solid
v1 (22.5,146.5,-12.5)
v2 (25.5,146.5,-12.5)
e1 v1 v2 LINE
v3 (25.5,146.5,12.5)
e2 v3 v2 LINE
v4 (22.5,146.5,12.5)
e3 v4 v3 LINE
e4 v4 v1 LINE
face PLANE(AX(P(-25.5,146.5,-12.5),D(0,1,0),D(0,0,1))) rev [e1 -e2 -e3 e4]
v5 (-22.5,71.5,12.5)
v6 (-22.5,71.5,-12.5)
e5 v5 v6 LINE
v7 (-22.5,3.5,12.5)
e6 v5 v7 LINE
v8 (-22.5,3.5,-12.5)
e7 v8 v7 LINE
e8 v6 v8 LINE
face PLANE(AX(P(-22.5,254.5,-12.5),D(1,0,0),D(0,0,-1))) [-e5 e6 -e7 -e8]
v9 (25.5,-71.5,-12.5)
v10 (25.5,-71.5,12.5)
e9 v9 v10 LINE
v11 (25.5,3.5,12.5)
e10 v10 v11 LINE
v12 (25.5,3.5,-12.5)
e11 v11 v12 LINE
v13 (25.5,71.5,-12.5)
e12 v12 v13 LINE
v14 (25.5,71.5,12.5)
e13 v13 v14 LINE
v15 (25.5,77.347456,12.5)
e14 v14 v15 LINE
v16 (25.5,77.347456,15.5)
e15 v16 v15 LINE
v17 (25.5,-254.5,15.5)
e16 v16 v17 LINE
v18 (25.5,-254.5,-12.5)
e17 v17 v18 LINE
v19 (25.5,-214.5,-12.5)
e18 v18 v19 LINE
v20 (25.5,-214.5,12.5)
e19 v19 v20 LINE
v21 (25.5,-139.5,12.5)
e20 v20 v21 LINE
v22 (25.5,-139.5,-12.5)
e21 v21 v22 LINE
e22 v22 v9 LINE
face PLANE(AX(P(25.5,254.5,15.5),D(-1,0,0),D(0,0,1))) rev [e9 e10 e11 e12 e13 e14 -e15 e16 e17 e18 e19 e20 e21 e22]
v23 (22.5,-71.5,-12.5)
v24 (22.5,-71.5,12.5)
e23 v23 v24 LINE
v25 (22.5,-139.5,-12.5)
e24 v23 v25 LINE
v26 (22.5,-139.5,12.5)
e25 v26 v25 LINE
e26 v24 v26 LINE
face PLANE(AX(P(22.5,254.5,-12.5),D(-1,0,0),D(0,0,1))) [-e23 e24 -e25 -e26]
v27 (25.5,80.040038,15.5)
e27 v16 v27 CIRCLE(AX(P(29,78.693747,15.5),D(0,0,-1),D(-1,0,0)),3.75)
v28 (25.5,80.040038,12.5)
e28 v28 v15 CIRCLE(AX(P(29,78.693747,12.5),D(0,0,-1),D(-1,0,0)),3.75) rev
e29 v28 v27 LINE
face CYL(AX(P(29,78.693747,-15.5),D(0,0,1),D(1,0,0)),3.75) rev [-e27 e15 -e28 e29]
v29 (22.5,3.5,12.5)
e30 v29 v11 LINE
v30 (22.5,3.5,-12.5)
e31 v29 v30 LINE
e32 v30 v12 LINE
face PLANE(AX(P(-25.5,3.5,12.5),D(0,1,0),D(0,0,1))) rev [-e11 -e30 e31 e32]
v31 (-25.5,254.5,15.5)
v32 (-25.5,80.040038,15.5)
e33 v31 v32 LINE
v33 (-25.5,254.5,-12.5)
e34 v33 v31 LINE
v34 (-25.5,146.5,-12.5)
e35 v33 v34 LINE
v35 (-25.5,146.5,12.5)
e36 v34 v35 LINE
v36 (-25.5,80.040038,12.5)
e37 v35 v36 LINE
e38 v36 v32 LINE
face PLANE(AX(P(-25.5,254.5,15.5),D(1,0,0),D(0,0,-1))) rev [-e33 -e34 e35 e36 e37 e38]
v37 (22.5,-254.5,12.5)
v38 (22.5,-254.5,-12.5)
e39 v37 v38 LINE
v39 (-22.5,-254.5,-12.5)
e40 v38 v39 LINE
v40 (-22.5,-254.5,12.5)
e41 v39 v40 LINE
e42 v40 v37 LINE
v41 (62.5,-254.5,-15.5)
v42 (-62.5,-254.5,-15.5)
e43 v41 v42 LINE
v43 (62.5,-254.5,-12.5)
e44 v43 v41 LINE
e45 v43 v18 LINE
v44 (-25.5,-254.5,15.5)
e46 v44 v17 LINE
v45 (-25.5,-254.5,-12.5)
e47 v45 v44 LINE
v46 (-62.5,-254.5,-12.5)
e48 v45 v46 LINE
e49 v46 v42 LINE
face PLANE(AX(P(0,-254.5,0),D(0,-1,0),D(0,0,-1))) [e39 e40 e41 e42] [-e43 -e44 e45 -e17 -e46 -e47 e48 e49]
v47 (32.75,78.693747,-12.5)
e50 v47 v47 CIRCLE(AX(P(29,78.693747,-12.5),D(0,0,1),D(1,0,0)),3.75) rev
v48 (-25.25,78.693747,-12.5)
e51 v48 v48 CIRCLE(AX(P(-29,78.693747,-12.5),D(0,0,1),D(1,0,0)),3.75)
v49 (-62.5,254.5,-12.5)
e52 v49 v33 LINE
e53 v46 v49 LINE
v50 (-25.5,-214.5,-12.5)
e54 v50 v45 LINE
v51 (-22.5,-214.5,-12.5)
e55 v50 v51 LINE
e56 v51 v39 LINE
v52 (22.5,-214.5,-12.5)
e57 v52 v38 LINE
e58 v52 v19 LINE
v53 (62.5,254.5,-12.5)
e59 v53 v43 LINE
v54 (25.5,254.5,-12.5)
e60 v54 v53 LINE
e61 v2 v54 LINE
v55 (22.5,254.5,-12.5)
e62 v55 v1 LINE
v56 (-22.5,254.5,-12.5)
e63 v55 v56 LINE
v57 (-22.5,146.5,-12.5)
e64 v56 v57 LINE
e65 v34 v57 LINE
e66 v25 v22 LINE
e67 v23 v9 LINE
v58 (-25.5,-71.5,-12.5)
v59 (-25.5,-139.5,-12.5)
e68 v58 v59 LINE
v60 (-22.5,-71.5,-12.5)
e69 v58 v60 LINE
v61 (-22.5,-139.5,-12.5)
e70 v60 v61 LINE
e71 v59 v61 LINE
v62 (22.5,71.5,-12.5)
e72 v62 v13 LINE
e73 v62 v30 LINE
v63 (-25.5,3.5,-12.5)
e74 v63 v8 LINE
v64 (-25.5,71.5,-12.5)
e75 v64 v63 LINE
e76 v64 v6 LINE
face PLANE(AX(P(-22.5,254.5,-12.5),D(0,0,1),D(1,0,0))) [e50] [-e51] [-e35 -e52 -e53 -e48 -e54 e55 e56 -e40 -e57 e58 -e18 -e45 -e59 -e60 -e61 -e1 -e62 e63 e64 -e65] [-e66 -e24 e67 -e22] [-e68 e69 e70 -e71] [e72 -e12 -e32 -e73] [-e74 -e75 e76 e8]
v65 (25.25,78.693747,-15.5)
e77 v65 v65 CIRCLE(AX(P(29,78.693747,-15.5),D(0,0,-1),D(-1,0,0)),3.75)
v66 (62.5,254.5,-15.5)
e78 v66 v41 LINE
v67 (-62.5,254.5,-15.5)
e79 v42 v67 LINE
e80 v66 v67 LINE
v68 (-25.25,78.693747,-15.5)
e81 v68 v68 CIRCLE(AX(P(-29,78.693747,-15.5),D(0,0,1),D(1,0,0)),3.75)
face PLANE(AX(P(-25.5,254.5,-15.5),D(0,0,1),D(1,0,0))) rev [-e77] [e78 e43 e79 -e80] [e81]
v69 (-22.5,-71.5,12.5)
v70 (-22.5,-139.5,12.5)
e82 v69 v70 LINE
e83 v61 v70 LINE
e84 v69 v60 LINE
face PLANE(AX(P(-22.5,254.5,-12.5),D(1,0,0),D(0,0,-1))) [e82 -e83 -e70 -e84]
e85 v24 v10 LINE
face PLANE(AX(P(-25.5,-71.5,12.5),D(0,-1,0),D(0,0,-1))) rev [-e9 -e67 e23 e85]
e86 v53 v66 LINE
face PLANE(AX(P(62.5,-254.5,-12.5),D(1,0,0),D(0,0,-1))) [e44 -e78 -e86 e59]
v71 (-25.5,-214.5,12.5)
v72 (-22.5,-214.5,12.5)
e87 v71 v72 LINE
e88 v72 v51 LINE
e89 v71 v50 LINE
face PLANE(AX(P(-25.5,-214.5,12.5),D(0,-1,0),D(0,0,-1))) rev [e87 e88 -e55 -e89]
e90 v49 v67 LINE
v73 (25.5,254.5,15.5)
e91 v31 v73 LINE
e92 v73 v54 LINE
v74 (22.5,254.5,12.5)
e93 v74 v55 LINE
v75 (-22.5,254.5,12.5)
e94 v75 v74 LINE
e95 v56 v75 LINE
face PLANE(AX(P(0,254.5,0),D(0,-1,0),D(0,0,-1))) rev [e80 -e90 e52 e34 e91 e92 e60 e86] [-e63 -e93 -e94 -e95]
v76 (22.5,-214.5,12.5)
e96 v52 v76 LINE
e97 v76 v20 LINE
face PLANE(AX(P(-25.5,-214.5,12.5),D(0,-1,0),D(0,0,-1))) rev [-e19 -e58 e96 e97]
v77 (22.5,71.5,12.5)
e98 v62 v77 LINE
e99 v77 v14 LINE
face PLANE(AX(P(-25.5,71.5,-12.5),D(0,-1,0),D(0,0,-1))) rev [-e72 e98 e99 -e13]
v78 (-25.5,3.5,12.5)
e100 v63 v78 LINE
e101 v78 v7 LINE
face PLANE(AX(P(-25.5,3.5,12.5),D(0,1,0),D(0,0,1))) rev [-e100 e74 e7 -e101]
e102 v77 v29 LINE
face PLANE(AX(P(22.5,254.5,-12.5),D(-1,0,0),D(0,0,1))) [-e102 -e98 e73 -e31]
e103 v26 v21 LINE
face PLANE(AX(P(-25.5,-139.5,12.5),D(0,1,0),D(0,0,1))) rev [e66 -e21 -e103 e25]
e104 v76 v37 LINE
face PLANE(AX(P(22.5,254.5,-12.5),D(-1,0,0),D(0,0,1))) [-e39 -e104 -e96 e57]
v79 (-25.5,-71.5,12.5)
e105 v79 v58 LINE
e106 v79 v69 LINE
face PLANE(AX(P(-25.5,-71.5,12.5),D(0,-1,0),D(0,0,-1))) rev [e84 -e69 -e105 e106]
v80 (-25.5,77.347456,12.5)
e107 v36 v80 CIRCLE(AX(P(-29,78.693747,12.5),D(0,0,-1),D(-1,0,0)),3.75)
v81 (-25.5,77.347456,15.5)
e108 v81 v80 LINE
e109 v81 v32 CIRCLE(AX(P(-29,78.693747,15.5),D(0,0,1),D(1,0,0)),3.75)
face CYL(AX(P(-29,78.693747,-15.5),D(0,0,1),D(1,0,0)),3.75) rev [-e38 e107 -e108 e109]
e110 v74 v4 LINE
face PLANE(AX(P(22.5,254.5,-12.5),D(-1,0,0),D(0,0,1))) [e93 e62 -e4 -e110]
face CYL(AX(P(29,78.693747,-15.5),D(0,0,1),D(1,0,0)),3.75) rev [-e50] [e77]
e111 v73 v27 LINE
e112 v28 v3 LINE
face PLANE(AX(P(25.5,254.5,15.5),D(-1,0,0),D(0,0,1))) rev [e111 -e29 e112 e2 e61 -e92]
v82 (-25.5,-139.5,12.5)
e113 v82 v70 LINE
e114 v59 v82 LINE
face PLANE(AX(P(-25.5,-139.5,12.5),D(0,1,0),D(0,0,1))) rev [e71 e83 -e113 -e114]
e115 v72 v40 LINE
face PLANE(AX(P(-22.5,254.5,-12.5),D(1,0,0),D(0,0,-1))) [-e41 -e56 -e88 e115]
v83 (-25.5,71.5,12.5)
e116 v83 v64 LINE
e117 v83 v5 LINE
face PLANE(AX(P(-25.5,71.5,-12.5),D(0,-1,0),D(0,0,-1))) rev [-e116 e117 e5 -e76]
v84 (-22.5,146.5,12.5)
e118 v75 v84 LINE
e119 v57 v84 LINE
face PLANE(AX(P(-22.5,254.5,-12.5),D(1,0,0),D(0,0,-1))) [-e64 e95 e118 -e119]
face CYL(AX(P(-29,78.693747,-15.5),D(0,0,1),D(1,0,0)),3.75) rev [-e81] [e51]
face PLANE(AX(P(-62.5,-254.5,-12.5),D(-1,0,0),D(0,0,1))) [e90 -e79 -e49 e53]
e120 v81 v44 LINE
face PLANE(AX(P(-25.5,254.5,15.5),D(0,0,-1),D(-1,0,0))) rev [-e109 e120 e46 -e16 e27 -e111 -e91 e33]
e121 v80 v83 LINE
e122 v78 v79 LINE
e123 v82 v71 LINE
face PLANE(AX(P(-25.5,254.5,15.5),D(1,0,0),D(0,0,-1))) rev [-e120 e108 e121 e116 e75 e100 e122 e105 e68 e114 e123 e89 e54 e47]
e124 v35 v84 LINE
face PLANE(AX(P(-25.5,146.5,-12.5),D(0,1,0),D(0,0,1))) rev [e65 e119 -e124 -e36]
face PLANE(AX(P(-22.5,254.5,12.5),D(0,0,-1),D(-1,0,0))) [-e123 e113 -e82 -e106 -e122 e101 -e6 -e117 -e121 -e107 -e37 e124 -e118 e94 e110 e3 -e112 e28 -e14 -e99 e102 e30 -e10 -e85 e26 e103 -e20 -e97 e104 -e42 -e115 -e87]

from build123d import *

# Parameters (mm, degrees)
CROQUIS1_W                 = 51
CROQUIS1_H                 = 31
CROQUIS1_W_2               = 45
CROQUIS1_H_2               = 25
SALIENTE_EXTRUIR2_DEPTH    = 254.5
CROQUIS3_W                 = 25
CROQUIS3_H                 = 75
CORTAR_EXTRUIR1_DEPTH      = 1
CORTAR_EXTRUIR1_DEPTH_BACK = 52
CROQUIS4_W                 = 37
CROQUIS4_H                 = 509
SALIENTE_EXTRUIR3_DEPTH    = 3
CORTAR_EXTRUIR2_START      = -4
CROQUIS5_R                 = 3.75
CORTAR_EXTRUIR2_DEPTH      = 33


with BuildPart() as part:
    # Croquis1 → Saliente-Extruir2 (new body, symmetric)
    with BuildSketch(Plane(origin=(0, 0, 0), x_dir=(1, 0, 0), z_dir=(0, 1, 0))):
        Rectangle(CROQUIS1_W, CROQUIS1_H)
        Rectangle(CROQUIS1_W_2, CROQUIS1_H_2, mode=Mode.SUBTRACT)
    extrude(amount=SALIENTE_EXTRUIR2_DEPTH, both=True)

    # Croquis3 → Cortar-Extruir1 (cut, two sides)
    with BuildSketch(Plane(origin=(25.5, 0, 0), x_dir=(0, 0, -1), z_dir=(1, 0, 0))) as cortar_extruir1_sk:
        with Locations((0, 109)):
            Rectangle(CROQUIS3_W, CROQUIS3_H)
        with Locations((0, -34)):
            Rectangle(CROQUIS3_W, CROQUIS3_H)
        with Locations((0, -177)):
            Rectangle(CROQUIS3_W, CROQUIS3_H)
    extrude(amount=CORTAR_EXTRUIR1_DEPTH, mode=Mode.SUBTRACT)
    extrude(cortar_extruir1_sk.sketch, amount=-CORTAR_EXTRUIR1_DEPTH_BACK, mode=Mode.SUBTRACT)

    # Croquis4 → Saliente-Extruir3 (add)
    with BuildSketch(Plane(origin=(0, 0, -15.5), x_dir=(-1, 0, 0), z_dir=(0, 0, -1))):
        with Locations((-44, 0)):
            Rectangle(CROQUIS4_W, CROQUIS4_H)
        with Locations((44, 0)):
            Rectangle(CROQUIS4_W, CROQUIS4_H)
    extrude(amount=-SALIENTE_EXTRUIR3_DEPTH)

    # Croquis5 → Cortar-Extruir2 (cut)
    with BuildSketch(Plane.XY.offset(-12.5).offset(CORTAR_EXTRUIR2_START)):
        with Locations((-29, 78.693747285)):
            Circle(CROQUIS5_R)
    cortar_extruir2 = extrude(amount=CORTAR_EXTRUIR2_DEPTH, mode=Mode.SUBTRACT)

    # Simetría1: Cortar-Extruir2 across plane
    add(cortar_extruir2.mirror(Plane(origin=(0, 0, 0), x_dir=(0, 0, 1), z_dir=(1, 0, 0))), mode=Mode.SUBTRACT)


solid = part.part
